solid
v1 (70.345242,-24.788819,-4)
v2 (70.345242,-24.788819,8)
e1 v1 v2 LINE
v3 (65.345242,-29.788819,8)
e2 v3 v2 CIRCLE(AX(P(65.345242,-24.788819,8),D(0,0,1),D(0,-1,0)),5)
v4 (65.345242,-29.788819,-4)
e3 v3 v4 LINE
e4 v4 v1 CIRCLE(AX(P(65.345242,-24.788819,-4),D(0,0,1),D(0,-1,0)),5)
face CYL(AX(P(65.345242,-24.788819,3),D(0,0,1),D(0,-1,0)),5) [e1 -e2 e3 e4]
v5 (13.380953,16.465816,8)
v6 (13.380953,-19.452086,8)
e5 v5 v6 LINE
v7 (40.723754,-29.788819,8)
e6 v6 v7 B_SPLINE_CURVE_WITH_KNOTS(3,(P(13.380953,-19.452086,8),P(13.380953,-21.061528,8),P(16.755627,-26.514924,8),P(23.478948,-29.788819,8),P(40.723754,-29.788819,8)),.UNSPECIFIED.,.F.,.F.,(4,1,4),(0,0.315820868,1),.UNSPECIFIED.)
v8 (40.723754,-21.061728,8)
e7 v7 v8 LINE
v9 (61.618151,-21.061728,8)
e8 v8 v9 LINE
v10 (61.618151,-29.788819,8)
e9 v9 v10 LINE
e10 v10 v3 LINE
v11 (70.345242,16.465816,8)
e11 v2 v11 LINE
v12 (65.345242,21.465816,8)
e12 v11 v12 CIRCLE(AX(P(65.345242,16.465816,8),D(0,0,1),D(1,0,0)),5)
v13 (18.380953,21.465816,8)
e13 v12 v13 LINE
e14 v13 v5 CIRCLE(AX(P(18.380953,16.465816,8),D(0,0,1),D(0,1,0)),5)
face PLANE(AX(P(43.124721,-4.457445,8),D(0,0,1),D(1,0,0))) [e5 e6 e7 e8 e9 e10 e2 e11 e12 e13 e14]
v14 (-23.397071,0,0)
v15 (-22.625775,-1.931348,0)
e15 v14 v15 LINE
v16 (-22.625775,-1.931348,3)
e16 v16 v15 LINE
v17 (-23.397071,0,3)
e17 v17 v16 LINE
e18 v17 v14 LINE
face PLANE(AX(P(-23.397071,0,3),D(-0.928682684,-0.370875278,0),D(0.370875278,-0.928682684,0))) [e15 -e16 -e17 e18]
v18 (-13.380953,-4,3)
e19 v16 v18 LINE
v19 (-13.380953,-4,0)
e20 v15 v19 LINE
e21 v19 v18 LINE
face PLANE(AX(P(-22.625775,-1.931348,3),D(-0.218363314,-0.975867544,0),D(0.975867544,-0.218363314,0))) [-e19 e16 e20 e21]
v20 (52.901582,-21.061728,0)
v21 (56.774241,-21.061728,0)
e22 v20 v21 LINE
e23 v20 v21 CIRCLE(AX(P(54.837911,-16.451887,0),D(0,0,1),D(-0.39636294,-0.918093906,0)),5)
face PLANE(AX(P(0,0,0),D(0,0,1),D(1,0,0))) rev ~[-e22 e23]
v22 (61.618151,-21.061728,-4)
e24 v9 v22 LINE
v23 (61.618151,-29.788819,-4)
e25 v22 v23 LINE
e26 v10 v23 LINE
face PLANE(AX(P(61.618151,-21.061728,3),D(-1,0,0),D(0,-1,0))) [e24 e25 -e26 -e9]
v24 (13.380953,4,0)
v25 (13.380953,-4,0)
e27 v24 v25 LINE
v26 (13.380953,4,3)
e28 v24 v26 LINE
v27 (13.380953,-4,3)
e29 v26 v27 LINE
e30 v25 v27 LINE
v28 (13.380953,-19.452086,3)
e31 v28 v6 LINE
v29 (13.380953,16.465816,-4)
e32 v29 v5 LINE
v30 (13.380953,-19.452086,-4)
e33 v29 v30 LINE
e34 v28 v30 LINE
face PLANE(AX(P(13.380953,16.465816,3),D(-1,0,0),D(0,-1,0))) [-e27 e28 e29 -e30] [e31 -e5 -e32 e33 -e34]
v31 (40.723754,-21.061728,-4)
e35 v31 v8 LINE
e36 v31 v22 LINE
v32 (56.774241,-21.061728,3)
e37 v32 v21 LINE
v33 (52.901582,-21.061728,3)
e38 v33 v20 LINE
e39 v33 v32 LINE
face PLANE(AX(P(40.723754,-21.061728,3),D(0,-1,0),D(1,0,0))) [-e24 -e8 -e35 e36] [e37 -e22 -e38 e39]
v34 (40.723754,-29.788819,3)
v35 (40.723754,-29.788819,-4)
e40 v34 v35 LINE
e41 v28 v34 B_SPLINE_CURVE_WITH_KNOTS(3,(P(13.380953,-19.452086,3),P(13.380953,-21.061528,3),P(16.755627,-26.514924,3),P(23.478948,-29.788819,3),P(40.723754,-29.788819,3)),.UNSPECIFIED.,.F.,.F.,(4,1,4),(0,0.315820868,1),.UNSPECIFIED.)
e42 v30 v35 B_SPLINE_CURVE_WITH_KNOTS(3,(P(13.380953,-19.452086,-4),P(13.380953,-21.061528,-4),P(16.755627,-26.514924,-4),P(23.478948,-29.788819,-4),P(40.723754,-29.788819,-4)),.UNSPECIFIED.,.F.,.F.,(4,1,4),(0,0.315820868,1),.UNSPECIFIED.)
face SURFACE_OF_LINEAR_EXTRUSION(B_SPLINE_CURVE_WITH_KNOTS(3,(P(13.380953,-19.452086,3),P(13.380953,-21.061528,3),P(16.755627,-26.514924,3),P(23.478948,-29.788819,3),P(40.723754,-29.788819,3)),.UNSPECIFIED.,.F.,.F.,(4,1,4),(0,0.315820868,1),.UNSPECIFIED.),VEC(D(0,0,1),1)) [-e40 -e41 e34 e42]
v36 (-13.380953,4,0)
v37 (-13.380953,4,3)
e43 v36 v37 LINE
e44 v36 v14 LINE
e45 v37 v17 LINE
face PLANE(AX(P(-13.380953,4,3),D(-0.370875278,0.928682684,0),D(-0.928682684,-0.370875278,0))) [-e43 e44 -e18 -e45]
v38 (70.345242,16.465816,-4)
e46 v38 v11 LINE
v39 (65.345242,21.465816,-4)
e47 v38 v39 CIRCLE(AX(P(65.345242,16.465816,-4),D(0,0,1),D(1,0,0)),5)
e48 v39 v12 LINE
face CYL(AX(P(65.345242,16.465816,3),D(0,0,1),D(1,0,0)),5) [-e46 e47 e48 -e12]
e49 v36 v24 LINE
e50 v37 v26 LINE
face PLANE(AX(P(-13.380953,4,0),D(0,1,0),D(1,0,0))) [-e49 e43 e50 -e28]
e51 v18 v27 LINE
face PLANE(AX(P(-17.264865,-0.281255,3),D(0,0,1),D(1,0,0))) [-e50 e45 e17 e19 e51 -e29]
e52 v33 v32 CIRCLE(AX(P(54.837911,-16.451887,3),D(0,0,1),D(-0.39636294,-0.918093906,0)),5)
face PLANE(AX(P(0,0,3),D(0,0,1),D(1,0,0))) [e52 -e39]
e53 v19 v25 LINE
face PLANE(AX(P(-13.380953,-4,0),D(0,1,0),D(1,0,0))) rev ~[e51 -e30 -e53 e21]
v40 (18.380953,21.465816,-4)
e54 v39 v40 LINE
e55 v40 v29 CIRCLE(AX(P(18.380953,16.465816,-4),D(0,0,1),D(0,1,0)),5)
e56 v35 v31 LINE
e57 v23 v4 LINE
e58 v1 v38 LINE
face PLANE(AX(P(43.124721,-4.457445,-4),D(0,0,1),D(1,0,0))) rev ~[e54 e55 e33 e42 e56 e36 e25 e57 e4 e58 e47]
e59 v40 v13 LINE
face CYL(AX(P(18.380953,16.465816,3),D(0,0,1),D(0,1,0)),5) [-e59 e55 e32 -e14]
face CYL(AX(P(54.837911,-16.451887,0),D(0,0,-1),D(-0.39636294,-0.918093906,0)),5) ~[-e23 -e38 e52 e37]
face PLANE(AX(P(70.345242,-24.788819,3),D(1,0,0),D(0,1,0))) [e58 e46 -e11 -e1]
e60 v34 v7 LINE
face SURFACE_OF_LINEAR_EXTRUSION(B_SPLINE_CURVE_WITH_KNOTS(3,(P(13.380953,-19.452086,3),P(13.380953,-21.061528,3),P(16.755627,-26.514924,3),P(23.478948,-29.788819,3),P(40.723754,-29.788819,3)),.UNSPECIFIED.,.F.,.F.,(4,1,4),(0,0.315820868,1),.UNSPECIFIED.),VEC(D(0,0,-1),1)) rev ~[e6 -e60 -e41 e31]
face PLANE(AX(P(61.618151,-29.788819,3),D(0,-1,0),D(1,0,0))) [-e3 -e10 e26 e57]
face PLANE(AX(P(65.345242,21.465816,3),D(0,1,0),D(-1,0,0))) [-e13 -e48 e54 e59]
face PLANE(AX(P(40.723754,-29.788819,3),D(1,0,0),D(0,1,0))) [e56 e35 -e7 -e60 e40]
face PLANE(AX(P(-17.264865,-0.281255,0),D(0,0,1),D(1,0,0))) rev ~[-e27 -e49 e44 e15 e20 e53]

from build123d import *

# Parameters (mm, degrees)
F0_W          = 26.7619055467
F0_H          = 8
F0_W_2        = 2.3985728621
F0_H_2        = 18.6882130802
F1_DEPTH      = 3
F3_DEPTH      = 5
F3_DEPTH_BACK = 7
F5_DEPTH      = 3


with BuildPart() as f1:
    # F0 (on Top) → F1 (new body)
    with BuildSketch(Plane.XY):
        Rectangle(F0_W, F0_H)
        with BuildLine():
            Line((52.8560965785, 21.0423569454), (13.3809527733, 4))
            Line((13.3809527733, 4), (13.3809527733, -4))
            Line((13.3809527733, -4), (52.8560965785, -21.0423569454))
            ThreePointArc((52.8560965785, -21.0423569454), (57.5848119408, -20.6297501175), (59.837911278, -16.4518874164))
            add(Edge.make_bspline(
                [(59.837911278, 16.4518874164), (61.2770561129, 11.6345916109), (64.1553457826, 0), (61.2770561129, -11.6345916109), (59.837911278, -16.4518874164)],
                knots=[0, 0, 0, 0, 0.5, 1, 1, 1, 1], degree=3))
            ThreePointArc((59.837911278, 16.4518874164), (57.5848119408, 20.6297501175), (52.8560965785, 21.0423569454))
        make_face()
        with Locations((55.1606826484, 0)):
            Rectangle(F0_W_2, F0_H_2, mode=Mode.SUBTRACT)
    extrude(amount=F1_DEPTH)

    # F2 (on face) → F3 (join, two sides)
    with BuildSketch(Plane.XY.offset(3)) as f3_sk:
        with BuildLine():
            ThreePointArc((65.3452423009, -29.7888193663), (68.8807762069, -28.3243532722), (70.3452423009, -24.7888193663))
            Line((70.3452423009, -24.7888193663), (70.3452423009, 16.4658156037))
            ThreePointArc((70.3452423009, 16.4658156037), (68.8807762069, 20.0013495097), (65.3452423009, 21.4658156037))
            Line((65.3452423009, 21.4658156037), (18.3809527733, 21.4658156037))
            ThreePointArc((18.3809527733, 21.4658156037), (14.8454188674, 20.0013495097), (13.3809527733, 16.4658156037))
            Line((13.3809527733, 16.4658156037), (13.3809527733, -19.452085589))
            add(Edge.make_bspline(
                [(13.3809527733, -19.452085589), (13.3809527733, -21.0615276884), (16.7556266537, -26.514923688), (23.4789476527, -29.7888193663), (40.723754061, -29.7888193663)],
                knots=[0, 0, 0, 0, 0.3158208681, 1, 1, 1, 1], degree=3))
            Line((40.723754061, -29.7888193663), (40.723754061, -21.0617277771))
            Line((40.723754061, -21.0617277771), (61.6181507117, -21.0617277771))
            Line((61.6181507117, -21.0617277771), (61.6181507117, -29.7888193663))
            Line((61.6181507117, -29.7888193663), (65.3452423009, -29.7888193663))
        make_face()
    extrude(amount=F3_DEPTH)
    extrude(f3_sk.sketch, amount=-F3_DEPTH_BACK)

    # F4 (on face) → F5 (join, through all)
    with BuildSketch(Plane.XY.offset(3)):
        Polygon((-13.3809527733, -4), (-13.3809527733, 4), (-23.397071287, 0), (-22.625775183, -1.9313482969), align=None)
    extrude(amount=-F5_DEPTH)


solid = f1.part
